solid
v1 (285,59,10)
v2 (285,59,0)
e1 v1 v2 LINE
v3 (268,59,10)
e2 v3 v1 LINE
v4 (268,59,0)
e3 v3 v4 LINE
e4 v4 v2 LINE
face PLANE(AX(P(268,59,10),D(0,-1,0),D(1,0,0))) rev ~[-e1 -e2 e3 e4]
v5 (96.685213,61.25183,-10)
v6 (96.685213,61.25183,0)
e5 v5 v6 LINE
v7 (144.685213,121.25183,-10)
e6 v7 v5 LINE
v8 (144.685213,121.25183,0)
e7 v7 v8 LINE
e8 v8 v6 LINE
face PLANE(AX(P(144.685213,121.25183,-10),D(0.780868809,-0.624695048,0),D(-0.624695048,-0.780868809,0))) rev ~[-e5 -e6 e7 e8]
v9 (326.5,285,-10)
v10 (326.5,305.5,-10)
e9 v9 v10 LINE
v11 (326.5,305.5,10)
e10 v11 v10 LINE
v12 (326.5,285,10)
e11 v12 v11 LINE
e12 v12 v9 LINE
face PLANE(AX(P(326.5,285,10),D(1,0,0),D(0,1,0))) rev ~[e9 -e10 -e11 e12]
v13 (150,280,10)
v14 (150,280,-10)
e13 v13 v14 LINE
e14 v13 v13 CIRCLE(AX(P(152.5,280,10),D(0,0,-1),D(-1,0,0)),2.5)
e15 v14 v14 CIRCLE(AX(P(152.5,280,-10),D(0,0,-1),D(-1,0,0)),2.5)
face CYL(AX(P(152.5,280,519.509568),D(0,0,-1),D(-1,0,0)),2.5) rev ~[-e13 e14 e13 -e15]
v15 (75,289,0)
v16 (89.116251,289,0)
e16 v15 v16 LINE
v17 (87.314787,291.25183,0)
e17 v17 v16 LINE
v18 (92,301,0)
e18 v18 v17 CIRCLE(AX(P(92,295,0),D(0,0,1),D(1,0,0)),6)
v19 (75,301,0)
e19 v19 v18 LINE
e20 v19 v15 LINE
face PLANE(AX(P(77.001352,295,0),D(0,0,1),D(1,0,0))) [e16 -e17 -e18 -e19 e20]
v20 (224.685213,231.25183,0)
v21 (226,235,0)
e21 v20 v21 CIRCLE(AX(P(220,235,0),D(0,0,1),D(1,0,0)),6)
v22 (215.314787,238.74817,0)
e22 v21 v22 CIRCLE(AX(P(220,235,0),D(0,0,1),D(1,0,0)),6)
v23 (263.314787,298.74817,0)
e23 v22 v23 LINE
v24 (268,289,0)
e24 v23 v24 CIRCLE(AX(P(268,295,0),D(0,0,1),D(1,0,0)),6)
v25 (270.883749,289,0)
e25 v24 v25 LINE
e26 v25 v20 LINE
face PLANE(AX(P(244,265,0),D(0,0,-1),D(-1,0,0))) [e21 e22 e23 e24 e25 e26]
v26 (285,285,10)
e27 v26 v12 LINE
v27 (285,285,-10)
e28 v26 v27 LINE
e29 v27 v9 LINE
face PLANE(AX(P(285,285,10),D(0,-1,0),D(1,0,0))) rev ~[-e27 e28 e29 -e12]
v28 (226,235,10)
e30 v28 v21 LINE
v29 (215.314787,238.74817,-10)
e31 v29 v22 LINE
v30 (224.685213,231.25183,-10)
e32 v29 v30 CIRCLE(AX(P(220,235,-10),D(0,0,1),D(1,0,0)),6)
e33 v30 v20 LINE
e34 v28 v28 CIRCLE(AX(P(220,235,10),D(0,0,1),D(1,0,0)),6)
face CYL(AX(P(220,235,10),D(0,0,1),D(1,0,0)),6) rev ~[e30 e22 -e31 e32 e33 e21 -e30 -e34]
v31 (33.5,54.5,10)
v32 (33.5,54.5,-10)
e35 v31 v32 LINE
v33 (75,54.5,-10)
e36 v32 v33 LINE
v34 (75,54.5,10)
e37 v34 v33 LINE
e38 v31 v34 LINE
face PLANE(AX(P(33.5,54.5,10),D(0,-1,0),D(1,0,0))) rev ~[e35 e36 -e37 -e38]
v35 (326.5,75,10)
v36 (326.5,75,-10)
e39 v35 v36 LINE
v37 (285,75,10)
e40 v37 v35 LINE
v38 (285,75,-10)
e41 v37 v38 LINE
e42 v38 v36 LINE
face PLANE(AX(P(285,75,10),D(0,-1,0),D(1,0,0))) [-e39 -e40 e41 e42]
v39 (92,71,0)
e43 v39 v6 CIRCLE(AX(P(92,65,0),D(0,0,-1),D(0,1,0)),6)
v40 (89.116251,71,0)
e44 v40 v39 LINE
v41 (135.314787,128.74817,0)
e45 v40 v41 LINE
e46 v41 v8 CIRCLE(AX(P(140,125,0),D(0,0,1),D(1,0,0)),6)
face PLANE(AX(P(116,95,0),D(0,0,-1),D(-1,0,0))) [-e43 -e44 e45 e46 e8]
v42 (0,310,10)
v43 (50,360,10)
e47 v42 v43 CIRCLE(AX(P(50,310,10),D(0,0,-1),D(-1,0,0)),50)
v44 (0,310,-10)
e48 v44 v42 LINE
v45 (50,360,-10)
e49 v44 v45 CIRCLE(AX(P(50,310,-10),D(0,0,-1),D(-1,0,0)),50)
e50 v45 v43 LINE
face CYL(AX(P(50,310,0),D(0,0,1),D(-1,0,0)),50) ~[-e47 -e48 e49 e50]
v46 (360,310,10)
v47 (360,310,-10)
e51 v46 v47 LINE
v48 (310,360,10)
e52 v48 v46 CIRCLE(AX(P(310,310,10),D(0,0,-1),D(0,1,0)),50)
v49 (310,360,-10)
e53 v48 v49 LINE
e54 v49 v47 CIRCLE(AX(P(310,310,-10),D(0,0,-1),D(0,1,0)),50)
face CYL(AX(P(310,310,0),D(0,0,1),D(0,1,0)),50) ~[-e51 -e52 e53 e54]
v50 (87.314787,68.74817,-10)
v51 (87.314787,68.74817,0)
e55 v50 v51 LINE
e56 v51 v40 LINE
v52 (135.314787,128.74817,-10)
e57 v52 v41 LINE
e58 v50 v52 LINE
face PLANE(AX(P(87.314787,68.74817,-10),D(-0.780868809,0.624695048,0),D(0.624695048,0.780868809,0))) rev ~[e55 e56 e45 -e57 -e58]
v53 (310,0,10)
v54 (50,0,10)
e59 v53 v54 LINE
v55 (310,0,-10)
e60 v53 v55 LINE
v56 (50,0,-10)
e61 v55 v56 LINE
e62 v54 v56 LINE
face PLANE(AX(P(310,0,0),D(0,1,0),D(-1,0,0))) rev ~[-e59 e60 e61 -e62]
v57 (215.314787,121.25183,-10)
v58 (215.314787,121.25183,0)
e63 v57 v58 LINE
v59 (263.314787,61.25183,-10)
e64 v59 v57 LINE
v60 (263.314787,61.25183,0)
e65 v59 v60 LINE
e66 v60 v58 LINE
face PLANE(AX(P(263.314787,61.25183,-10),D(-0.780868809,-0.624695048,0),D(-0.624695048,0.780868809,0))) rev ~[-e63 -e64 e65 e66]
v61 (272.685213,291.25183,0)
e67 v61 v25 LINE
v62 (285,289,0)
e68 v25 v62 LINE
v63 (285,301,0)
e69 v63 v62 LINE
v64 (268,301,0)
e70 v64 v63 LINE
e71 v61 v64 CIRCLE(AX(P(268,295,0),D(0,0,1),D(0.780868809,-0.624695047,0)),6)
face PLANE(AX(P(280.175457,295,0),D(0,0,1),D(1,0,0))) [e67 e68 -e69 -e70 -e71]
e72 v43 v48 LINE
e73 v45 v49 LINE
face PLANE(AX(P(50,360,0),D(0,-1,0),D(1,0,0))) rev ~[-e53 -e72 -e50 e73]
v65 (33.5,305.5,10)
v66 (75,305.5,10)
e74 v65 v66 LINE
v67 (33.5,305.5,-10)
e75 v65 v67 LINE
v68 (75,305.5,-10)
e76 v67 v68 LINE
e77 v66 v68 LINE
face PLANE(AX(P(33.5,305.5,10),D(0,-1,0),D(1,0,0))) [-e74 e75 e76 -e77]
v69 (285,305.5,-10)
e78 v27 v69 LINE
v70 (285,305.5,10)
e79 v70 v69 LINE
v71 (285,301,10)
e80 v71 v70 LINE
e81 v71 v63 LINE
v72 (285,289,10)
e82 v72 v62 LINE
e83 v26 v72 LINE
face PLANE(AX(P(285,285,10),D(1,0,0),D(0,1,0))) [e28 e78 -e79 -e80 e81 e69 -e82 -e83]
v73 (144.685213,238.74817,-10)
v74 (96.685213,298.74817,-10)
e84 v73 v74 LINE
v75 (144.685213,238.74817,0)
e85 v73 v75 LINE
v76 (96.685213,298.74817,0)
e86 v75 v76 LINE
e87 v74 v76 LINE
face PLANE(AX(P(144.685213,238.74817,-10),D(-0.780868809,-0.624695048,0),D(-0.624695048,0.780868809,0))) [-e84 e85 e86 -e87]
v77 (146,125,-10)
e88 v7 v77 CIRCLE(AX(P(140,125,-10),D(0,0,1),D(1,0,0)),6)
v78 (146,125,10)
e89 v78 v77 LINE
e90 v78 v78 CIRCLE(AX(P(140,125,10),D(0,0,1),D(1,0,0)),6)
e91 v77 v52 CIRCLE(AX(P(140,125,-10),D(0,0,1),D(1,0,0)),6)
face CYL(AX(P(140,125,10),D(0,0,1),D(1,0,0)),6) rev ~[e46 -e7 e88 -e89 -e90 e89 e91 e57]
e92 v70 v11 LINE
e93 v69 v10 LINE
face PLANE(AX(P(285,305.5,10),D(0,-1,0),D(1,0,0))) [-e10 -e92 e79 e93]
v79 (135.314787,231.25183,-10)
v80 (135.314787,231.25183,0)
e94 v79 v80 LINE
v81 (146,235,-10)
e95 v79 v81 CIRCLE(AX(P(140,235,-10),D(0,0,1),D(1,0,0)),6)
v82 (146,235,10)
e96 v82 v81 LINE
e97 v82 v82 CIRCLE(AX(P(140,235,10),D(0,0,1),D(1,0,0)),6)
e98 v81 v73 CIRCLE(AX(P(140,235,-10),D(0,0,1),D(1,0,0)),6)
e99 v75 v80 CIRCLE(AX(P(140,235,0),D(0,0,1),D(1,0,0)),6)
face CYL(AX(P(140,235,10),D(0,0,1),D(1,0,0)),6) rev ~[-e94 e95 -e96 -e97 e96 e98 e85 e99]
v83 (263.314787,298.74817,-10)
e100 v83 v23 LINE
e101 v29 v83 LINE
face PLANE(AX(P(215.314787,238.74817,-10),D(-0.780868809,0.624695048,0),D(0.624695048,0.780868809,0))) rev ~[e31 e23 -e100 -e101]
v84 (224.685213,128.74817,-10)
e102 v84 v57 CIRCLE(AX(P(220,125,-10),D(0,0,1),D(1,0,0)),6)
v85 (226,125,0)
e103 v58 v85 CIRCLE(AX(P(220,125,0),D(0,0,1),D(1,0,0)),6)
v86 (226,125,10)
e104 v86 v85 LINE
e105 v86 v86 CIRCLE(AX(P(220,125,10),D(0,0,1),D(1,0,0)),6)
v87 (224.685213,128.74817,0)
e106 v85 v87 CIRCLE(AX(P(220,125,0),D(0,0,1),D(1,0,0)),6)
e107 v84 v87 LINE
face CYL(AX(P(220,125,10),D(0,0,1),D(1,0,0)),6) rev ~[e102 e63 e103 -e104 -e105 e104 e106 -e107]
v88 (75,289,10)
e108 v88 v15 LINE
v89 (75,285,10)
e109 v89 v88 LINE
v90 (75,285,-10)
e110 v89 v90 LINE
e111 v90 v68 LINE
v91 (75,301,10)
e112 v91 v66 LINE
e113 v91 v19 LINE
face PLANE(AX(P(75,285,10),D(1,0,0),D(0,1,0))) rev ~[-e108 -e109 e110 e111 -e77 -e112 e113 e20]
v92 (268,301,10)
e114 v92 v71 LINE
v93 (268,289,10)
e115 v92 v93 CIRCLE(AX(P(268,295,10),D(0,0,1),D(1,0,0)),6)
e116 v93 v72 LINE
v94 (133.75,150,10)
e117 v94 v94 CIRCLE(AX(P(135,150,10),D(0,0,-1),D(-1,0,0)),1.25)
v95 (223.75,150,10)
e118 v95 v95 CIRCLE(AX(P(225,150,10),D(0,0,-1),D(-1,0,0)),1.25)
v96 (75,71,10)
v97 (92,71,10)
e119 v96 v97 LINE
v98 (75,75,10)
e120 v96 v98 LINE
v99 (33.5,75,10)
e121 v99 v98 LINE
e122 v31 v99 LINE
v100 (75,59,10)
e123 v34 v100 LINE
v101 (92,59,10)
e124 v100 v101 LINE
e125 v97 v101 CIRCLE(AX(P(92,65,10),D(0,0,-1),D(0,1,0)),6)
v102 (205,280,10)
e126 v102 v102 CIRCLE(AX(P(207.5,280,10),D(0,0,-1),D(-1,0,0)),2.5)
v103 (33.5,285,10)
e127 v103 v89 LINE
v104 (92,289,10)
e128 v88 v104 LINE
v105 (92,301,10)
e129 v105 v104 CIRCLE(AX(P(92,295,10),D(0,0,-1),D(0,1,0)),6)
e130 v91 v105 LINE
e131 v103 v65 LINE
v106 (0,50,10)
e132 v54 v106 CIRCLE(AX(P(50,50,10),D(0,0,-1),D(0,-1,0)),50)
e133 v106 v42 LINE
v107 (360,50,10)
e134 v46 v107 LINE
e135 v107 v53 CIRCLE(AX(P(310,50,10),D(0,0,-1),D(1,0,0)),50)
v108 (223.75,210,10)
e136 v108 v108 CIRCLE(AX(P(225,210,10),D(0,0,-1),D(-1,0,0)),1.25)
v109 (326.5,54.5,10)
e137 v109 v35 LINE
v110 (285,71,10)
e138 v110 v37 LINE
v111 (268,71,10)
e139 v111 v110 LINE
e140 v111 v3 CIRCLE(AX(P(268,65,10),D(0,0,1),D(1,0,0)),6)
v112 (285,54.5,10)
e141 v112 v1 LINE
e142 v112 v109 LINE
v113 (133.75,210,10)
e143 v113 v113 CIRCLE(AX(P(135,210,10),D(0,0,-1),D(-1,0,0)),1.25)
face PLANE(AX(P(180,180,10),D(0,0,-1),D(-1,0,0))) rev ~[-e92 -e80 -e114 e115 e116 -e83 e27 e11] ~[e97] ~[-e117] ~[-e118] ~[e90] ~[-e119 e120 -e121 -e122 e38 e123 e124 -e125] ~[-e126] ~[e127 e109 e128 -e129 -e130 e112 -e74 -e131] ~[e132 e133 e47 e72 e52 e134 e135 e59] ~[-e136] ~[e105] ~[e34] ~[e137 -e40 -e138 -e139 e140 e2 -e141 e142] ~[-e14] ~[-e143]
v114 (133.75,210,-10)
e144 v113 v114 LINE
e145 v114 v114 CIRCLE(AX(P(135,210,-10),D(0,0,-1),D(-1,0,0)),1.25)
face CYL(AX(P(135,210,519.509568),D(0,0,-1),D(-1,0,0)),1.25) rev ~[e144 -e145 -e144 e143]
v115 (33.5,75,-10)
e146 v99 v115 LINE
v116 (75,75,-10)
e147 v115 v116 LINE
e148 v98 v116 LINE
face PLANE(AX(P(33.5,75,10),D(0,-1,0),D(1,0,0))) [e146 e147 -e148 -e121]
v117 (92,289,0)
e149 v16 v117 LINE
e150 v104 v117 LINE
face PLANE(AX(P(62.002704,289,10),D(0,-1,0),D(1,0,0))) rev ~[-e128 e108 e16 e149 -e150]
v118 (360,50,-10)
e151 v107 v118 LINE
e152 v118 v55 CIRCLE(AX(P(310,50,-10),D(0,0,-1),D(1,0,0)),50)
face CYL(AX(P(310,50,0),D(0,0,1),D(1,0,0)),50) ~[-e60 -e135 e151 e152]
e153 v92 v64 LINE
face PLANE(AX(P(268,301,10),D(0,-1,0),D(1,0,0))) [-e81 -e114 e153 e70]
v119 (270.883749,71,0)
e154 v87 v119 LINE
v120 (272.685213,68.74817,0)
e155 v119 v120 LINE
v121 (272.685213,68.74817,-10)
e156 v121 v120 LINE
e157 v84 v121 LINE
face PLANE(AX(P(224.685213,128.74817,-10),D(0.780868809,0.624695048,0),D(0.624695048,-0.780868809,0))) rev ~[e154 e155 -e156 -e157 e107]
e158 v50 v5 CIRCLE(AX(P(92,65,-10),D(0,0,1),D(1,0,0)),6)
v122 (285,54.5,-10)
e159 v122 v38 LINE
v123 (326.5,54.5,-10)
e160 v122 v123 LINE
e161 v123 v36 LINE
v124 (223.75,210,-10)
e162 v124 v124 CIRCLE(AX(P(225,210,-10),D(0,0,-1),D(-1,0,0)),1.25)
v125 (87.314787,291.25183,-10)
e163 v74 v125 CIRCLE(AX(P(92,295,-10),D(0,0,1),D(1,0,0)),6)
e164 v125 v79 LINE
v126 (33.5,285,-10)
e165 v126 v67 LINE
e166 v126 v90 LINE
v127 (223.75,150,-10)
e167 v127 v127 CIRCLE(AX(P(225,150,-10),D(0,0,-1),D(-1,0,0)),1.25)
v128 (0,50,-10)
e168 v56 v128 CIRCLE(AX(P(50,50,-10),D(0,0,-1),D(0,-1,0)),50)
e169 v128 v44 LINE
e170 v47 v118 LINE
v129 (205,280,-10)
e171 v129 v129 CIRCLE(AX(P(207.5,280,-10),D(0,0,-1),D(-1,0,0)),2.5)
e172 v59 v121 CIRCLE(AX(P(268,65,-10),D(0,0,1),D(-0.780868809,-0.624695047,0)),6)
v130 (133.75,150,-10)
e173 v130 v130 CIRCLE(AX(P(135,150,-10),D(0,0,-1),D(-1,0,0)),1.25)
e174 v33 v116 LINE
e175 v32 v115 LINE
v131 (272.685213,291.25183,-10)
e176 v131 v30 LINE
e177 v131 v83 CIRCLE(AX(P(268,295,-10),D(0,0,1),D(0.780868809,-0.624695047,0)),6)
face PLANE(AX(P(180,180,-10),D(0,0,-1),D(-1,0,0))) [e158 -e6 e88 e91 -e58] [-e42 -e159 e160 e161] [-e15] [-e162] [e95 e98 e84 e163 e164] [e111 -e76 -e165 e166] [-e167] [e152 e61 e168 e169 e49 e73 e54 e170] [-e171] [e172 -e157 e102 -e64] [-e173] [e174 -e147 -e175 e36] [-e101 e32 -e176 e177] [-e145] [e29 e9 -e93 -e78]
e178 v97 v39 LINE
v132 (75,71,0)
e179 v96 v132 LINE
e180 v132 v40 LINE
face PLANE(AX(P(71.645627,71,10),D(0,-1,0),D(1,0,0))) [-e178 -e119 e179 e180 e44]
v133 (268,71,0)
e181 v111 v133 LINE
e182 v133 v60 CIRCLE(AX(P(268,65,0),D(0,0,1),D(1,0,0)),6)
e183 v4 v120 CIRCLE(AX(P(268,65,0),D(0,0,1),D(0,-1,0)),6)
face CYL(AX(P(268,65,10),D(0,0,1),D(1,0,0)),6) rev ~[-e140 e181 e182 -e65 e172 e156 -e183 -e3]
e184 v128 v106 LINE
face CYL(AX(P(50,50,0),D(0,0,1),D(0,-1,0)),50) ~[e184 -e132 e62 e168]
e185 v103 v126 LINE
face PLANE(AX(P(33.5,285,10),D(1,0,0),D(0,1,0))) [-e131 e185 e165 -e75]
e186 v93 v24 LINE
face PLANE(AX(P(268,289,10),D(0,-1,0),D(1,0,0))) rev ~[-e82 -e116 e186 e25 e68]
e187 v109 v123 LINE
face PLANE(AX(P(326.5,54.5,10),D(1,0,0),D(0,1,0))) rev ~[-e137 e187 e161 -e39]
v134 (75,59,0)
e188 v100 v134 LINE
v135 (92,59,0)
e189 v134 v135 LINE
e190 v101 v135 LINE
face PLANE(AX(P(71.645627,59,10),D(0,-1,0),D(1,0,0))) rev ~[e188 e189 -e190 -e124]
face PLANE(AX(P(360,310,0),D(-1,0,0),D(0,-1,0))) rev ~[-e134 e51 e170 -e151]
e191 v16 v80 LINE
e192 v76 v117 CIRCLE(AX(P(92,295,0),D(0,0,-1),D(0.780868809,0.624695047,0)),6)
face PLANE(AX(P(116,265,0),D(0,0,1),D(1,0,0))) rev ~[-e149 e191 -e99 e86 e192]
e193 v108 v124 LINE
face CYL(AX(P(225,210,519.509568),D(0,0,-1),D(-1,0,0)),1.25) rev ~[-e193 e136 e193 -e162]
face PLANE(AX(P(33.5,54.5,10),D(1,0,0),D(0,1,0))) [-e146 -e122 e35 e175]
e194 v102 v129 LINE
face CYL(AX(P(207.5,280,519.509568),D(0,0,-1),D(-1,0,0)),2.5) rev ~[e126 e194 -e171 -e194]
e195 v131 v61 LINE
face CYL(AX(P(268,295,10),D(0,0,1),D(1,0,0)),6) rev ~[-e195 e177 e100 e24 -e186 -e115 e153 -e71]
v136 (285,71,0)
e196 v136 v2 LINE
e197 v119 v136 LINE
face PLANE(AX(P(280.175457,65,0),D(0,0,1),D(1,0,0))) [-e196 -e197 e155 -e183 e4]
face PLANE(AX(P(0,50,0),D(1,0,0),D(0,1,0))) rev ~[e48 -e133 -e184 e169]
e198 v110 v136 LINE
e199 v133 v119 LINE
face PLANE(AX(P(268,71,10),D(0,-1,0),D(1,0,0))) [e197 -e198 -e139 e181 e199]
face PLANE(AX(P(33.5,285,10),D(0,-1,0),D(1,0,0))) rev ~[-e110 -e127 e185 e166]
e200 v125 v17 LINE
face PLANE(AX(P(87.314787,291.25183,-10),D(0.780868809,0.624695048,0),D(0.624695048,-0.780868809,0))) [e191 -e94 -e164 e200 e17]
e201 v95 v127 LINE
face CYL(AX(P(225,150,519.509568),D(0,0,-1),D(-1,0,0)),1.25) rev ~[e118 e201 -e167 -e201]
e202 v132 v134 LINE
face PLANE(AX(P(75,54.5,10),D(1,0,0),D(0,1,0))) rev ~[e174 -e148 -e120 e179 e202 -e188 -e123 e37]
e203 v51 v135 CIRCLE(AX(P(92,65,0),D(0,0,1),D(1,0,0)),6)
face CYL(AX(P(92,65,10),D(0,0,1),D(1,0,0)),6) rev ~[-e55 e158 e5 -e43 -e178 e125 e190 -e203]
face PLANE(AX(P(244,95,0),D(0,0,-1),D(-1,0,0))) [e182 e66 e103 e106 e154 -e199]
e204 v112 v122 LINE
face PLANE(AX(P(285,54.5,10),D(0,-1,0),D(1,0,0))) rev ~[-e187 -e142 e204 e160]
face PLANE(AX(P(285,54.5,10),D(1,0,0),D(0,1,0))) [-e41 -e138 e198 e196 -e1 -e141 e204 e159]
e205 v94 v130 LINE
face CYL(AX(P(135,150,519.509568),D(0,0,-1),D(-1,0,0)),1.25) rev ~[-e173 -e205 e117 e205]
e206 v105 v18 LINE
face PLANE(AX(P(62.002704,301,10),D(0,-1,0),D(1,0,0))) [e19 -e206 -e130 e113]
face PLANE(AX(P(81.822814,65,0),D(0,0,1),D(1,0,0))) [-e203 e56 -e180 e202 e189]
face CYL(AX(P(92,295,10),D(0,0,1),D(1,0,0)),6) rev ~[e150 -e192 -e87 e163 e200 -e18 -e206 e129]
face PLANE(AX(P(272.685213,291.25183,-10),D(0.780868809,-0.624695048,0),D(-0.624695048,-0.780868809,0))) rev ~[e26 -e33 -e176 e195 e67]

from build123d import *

# Parameters (mm, degrees)
BOSS_EXTRUDE1_DEPTH = 10
SKETCH2_W           = 41.5
SKETCH2_H           = 20.5
CUT_EXTRUDE1_DEPTH  = 20
SKETCH3_R           = 6
CUT_EXTRUDE2_DEPTH  = 510.509568114
SKETCH4_R           = 6
CUT_EXTRUDE3_DEPTH  = 510.509568114
CUT_EXTRUDE4_DEPTH  = 10
SKETCH11_W          = 20.354372897
SKETCH11_H          = 12
SKETCH11_W_2        = 24.350914836
SKETCH11_W_3        = 29.997295682
CUT_EXTRUDE5_DEPTH  = 10
M3_TAPPED_HOLE1_D   = 2.5
M6_TAPPED_HOLE1_D   = 5


with BuildPart() as part:
    # Sketch1 → Boss-Extrude1 (new, symmetric)
    with BuildSketch(Plane.XY):
        with BuildLine():
            Line((50, 360), (310, 360))
            ThreePointArc((310, 360), (345.355339059, 345.355339059), (360, 310))
            Line((360, 310), (360, 50))
            ThreePointArc((360, 50), (345.355339059, 14.644660941), (310, 0))
            Line((310, 0), (50, 0))
            ThreePointArc((50, 0), (14.644660941, 14.644660941), (0, 50))
            Line((0, 50), (0, 310))
            ThreePointArc((0, 310), (14.644660941, 345.355339059), (50, 360))
        make_face()
    extrude(amount=BOSS_EXTRUDE1_DEPTH, both=True)

    # Sketch2 → Cut-Extrude1 (cut)
    with BuildSketch(Plane.XY.offset(10)):
        with Locations((54.25, 295.25)):
            Rectangle(SKETCH2_W, SKETCH2_H)
        with Locations((305.75, 295.25)):
            Rectangle(SKETCH2_W, SKETCH2_H)
        with Locations((305.75, 64.75)):
            Rectangle(SKETCH2_W, SKETCH2_H)
        with Locations((54.25, 64.75)):
            Rectangle(SKETCH2_W, SKETCH2_H)
    extrude(amount=-CUT_EXTRUDE1_DEPTH, mode=Mode.SUBTRACT)

    # Sketch3 → Cut-Extrude2 (cut, through all)
    with BuildSketch(Plane.XY.offset(10)):
        with Locations((92, 295)):
            Circle(SKETCH3_R)
        with Locations((268, 295)):
            Circle(SKETCH3_R)
        with Locations((268, 65)):
            Circle(SKETCH3_R)
        with Locations((92, 65)):
            Circle(SKETCH3_R)
    extrude(amount=-CUT_EXTRUDE2_DEPTH, mode=Mode.SUBTRACT)

    # Sketch4 → Cut-Extrude3 (cut, through all)
    with BuildSketch(Plane.XY.offset(10)):
        with Locations((140, 235)):
            Circle(SKETCH4_R)
        with Locations((220, 235)):
            Circle(SKETCH4_R)
        with Locations((220, 125)):
            Circle(SKETCH4_R)
        with Locations((140, 125)):
            Circle(SKETCH4_R)
    extrude(amount=-CUT_EXTRUDE3_DEPTH, mode=Mode.SUBTRACT)

    # Sketch10 → Cut-Extrude4 (cut)
    with BuildSketch(Plane(origin=(0, 0, -10), x_dir=(-1, 0, 0), z_dir=(0, 0, -1))):
        Polygon((-87.314787143, 291.251829715), (-135.314787143, 231.251829715), (-144.685212857, 238.748170285), (-96.685212857, 298.748170285), align=None)
        Polygon((-263.314787143, 61.251829715), (-215.314787143, 121.251829715), (-224.685212857, 128.748170285), (-272.685212857, 68.748170285), align=None)
        Polygon((-87.314787143, 68.748170285), (-135.314787143, 128.748170285), (-144.685212857, 121.251829715), (-96.685212857, 61.251829715), align=None)
        Polygon((-272.685212857, 291.251829715), (-224.685212857, 231.251829715), (-215.314787143, 238.748170285), (-263.314787143, 298.748170285), align=None)
    extrude(amount=-CUT_EXTRUDE4_DEPTH, mode=Mode.SUBTRACT)

    # Sketch11 → Cut-Extrude5 (cut)
    with BuildSketch(Plane.XY.offset(10)):
        with Locations((81.822813552, 65)):
            Rectangle(SKETCH11_W, SKETCH11_H)
        with Locations((280.175457418, 65)):
            Rectangle(SKETCH11_W_2, SKETCH11_H)
        with Locations((280.175457418, 295)):
            Rectangle(SKETCH11_W_2, SKETCH11_H)
        with Locations((77.001352159, 295)):
            Rectangle(SKETCH11_W_3, SKETCH11_H)
    extrude(amount=-CUT_EXTRUDE5_DEPTH, mode=Mode.SUBTRACT)

    # M3 Tapped Hole1 (through all)
    with Locations(Plane(origin=(135, 150, 10), x_dir=(1, 0, 0), z_dir=(0, 0, 1))):
        with Locations((0, 0), (90, 60), (0, 60), (90, 0)):
            Hole(M3_TAPPED_HOLE1_D / 2)

    # M6 Tapped Hole1 (through all)
    with Locations(Plane(origin=(152.5, 280, 10), x_dir=(1, 0, 0), z_dir=(0, 0, 1))):
        with Locations((0, 0), (55, 0)):
            Hole(M6_TAPPED_HOLE1_D / 2)


solid = part.part
